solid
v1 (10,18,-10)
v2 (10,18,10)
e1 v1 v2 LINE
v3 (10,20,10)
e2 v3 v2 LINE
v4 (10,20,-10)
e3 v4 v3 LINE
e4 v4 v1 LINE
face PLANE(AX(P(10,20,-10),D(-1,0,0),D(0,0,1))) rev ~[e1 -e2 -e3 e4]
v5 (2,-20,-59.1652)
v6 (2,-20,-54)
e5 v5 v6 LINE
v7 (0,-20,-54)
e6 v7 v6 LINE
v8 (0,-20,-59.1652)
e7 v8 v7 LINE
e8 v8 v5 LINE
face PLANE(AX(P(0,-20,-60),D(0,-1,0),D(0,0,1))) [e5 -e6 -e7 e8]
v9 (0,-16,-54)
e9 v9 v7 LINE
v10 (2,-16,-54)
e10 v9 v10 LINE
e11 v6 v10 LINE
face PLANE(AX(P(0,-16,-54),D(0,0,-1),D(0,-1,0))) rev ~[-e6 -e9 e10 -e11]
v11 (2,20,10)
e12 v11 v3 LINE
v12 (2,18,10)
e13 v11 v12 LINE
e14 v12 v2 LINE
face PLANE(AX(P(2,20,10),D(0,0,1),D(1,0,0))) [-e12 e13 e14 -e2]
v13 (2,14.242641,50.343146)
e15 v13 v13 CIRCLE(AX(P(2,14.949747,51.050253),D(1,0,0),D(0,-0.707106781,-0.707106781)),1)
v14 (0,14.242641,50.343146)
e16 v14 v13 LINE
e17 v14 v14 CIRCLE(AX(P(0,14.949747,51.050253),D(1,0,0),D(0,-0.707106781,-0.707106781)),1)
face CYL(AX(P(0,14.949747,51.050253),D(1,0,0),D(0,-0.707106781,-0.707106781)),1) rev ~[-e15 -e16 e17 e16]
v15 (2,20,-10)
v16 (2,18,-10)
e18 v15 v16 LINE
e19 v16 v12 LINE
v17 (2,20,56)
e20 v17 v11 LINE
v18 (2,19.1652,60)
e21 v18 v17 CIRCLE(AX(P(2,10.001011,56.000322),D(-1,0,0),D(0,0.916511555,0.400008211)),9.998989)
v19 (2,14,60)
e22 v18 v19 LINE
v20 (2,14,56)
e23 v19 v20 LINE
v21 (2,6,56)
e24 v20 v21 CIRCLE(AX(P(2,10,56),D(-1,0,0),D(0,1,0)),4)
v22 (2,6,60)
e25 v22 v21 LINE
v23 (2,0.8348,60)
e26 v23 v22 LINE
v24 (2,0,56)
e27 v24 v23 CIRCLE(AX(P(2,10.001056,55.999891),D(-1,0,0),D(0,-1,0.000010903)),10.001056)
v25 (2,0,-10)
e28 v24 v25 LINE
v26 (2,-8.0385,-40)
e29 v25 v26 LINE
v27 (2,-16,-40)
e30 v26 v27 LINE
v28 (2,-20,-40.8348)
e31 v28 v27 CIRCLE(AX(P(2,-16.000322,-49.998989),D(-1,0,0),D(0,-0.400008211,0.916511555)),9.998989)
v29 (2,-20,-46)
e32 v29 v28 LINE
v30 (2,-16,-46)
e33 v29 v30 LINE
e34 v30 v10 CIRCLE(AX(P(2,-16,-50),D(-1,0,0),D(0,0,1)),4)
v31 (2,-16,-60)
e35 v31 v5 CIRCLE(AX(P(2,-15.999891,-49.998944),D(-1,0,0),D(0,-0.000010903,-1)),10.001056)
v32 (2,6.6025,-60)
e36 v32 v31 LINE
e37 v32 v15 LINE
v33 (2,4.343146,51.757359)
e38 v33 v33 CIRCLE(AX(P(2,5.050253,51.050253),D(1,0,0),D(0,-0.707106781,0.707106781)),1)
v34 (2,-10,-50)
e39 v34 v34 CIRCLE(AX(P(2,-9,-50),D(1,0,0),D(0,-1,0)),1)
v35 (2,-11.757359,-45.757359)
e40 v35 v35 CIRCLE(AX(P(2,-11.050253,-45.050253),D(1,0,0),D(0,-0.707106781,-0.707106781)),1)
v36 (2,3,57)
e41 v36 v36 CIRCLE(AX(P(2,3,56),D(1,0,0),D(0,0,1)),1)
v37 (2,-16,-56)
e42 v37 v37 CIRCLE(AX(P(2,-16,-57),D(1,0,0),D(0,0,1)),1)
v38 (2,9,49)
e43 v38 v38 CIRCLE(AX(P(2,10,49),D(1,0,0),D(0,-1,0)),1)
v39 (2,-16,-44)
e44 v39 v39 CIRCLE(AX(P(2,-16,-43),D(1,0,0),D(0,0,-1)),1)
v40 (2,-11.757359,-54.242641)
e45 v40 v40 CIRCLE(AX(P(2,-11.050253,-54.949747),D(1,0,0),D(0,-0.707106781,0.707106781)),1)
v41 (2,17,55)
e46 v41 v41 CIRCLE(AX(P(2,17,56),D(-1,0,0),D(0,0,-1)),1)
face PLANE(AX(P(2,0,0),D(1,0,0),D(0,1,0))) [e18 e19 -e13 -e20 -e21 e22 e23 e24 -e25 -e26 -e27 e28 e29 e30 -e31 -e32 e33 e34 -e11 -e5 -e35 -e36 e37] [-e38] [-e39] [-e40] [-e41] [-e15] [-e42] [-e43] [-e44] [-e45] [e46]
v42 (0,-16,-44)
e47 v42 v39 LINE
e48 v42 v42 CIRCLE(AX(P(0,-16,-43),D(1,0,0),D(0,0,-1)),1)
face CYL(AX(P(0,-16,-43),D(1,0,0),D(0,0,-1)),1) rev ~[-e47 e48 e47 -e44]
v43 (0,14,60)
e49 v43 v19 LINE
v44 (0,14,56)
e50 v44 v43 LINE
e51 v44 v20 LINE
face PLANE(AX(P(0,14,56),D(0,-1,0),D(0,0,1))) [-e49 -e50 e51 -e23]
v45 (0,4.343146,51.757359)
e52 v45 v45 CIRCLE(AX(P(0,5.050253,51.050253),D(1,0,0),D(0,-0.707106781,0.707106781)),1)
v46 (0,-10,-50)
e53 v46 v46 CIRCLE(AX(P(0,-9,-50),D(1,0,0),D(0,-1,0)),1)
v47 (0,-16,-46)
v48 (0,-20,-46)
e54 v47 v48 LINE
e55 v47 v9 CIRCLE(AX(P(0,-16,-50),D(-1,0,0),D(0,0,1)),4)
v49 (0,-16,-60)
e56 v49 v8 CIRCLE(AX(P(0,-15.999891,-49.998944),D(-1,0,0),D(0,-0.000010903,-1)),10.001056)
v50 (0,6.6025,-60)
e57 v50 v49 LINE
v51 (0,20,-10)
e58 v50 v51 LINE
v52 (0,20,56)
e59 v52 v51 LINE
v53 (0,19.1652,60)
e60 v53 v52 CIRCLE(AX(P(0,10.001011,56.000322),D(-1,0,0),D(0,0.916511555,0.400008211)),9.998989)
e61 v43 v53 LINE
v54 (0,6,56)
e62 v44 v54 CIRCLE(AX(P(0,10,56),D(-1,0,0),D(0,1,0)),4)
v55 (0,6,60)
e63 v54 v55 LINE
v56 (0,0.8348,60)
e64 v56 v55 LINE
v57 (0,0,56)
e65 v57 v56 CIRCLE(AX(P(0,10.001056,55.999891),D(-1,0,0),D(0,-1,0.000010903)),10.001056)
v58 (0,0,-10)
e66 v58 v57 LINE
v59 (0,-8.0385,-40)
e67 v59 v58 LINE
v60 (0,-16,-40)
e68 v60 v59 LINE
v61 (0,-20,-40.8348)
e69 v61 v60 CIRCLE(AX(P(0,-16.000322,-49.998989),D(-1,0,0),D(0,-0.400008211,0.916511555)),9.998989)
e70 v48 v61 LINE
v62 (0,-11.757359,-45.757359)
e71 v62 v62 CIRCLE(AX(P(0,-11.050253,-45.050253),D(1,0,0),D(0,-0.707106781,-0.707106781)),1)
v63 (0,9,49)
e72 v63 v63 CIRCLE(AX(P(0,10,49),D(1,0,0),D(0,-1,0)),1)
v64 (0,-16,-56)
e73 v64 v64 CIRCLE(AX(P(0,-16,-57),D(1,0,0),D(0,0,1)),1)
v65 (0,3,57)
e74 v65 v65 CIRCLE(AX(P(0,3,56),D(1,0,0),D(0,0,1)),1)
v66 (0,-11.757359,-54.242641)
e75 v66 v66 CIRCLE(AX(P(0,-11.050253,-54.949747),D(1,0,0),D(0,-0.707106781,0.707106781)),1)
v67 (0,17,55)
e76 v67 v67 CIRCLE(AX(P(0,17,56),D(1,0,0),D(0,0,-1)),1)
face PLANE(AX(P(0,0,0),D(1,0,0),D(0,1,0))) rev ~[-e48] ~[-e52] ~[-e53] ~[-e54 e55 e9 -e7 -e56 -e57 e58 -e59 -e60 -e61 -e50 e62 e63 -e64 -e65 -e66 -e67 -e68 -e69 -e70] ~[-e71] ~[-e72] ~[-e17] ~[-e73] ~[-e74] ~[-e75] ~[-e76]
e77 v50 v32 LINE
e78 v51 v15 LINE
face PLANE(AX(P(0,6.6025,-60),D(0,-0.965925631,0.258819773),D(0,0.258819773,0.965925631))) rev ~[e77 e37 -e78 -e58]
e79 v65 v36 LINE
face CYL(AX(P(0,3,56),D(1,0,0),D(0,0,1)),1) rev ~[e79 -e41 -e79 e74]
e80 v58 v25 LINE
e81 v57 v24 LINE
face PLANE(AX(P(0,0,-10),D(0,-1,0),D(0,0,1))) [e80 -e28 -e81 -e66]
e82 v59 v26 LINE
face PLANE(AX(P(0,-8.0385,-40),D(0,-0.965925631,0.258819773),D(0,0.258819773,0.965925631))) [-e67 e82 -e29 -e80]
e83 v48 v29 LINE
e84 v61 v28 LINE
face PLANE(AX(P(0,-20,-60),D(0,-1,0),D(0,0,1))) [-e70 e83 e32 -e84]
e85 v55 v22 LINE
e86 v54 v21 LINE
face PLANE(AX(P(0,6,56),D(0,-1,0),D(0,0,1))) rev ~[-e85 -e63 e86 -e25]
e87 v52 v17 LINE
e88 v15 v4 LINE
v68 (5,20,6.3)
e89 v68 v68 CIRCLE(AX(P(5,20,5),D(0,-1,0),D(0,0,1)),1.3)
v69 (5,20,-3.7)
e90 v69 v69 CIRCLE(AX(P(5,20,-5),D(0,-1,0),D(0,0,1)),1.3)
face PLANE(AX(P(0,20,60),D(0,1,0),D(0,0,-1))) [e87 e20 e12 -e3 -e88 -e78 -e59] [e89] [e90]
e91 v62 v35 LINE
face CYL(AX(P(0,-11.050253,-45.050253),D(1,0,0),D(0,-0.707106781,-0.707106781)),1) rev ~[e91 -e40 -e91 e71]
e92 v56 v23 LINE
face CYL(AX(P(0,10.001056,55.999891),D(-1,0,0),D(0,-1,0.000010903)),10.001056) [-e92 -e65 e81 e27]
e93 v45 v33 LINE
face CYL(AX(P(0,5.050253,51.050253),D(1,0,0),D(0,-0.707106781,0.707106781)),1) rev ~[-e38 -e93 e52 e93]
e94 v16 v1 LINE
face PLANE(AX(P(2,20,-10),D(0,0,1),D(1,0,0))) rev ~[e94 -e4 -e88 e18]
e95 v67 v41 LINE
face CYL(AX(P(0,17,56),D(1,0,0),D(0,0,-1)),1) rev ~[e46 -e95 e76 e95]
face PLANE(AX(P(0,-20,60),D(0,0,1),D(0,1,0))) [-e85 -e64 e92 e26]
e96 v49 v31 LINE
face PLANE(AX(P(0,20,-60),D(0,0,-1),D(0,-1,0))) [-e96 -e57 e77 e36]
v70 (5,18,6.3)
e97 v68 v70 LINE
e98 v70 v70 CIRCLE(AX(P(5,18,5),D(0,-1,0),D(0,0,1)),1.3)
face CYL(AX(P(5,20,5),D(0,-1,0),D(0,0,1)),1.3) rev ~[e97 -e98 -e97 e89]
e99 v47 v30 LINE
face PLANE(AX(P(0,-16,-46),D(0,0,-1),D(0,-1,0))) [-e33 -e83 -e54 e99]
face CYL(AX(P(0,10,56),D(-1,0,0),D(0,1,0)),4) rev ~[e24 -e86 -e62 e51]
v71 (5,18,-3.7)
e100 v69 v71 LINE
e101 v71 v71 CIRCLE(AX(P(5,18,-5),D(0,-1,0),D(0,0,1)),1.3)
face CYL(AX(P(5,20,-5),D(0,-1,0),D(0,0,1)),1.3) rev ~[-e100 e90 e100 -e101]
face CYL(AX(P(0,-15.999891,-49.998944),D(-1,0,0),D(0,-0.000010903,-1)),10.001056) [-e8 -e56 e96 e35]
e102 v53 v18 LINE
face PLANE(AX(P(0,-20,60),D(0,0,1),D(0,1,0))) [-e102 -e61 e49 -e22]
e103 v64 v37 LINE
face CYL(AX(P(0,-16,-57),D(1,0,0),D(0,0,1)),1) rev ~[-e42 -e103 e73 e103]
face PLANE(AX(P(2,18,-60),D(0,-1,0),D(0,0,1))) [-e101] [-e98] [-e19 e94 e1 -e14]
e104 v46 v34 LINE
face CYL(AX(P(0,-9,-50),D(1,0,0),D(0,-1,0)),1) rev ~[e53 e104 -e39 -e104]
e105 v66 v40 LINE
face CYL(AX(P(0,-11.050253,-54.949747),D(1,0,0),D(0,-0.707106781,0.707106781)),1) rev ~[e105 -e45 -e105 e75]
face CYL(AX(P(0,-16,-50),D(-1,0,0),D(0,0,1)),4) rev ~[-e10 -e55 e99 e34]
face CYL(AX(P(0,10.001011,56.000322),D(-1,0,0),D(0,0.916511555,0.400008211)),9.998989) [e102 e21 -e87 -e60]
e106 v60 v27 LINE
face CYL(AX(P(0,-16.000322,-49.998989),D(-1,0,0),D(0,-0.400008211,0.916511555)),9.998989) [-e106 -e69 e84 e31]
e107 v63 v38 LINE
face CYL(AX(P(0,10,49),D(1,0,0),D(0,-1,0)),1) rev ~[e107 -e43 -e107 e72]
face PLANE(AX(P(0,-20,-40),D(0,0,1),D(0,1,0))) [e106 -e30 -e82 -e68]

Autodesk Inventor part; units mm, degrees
ref_plane "YZ Plane" through (0, 0, 0) normal (1, 0, 0) x (0, 1, 0)
ref_plane "XZ Plane" through (0, 0, 0) normal (0, 1, 0) x (-1, 0, 0)
ref_plane "XY Plane" through (0, 0, 0) normal (0, 0, 1) x (1, 0, 0)
sketch "スケッチ1" plane through (0, 0, 0) normal (1, 0, 0) x (0, 1, 0)
  line L0 (-20, 60) -> (20, 60)
  line L1 (20, 60) -> (20, -60)
  line L2 (20, -60) -> (-20, -60)
  line L3 (-20, -60) -> (-20, 60)
  point P0 (0, 0)
  dimension "d0" = 120
  dimension "d2" = 40
  dimension "d3" = 20
  dimension "d4" = 60
extrude "押し出し1" add sketch "スケッチ1" along normal blind 2
sketch "スケッチ2" plane through (2, 0, 0) normal (1, 0, 0) x (0, 0, -1)
  line L0 (60, -20) -> (60, 20) projected
  line L1 (60, 20) -> (-60, 20) projected
  line L2 (-60, 20) -> (60, 20)
  line L3 (60, 20) -> (60, 18)
  line L4 (60, 18) -> (-60, 18)
  line L5 (-60, 18) -> (-60, 20)
  point P0 (0, 0)
  dimension "d7" = 2
extrude "押し出し2" add sketch "スケッチ2" along normal blind 20
sketch "スケッチ3" plane through (0, 0, 0) normal (-1, 0, 0) x (0, 0, 1)
  line L0 (60, -20) -> (60, 20) projected
  line L1 (60, 20) -> (-60, 20) projected
  line L2 (-60, 20) -> (-60, -20) projected
  line L3 (-60, -20) -> (60, -20) projected
  line L4 (-40, -20) -> (-40, -8.0385)
  line L5 (-40, -8.0385) -> (-10, 0)
  line L6 (-10, 0) -> (60, 0)
  line L7 (60, 0) -> (60, 20)
  line L8 (-60, 6.6025) -> (-10, 20)
  point P0 (0, 0)
  dimension "d11" = 20
  dimension "d12" = 15
  dimension "d13" = 15
  dimension "d14" = 20
  dimension "d15" = 120
  dimension "d17" = 70
  dimension "d18" = 70
extrude "押し出し3" cut sketch "スケッチ3" against normal blind 20 contours L6 L5 L4 L3 L2 L8 L1 L0 keep common part
sketch "スケッチ6" plane through (0, 0, 0) normal (-1, 0, 0) x (0, 0, 1)
  line L0 (-40, -8.0385) -> (-40, -20) projected
  line L1 (-10, 0) -> (-40, -8.0385) projected
  line L2 (60, 0) -> (-10, 0) projected
  line L3 (60, 0) -> (60, 20) projected
  line L4 (60, 20) -> (-10, 20) projected
  line L5 (-60, 6.6025) -> (-10, 20) projected
  line L6 (-60, 6.6025) -> (-60, -20) projected
  line L7 (-60, -20) -> (-40, -20) projected
  arc A0 (-46, -16) -> (-54, -16) centre (-50, -16) ccw
  arc A1 (56, 14) -> (56, 6) centre (56, 10) ccw
  line L8 (-54, -16) -> (-54, -20)
  line L9 (-46, -16) -> (-46, -20)
  line L10 (56, 14) -> (60, 14)
  line L11 (56, 6) -> (60, 6)
  arc A2 (-40.8348, -20) -> (-40, -16) centre (-50, -16) ccw
  arc A3 (-60, -16) -> (-59.1652, -20) centre (-50, -16) ccw
  arc A4 (56, 0) -> (60, 0.8348) centre (56, 10) ccw
  arc A5 (60, 19.1652) -> (56, 20) centre (56, 10) ccw
  point P0 (0, 0)
  dimension "d37" = 8
  dimension "d39" = 8
  dimension "d40" = 4
  dimension "d41" = 4
  dimension "d42" = 10
  dimension "d43" = 10
extrude "押し出し6" cut sketch "スケッチ6" against normal blind 11 contours L0 A2 L7 L9 A0 L8 A3 L6 L5 L4 A5 L3 L10 A1 L11 A4 L2 L1 keep common part
sketch "スケッチ7" plane through (0, 0, 0) normal (-1, 0, 0) x (0, 0, 1)
  arc A0 (60, 19.1652) -> (56, 20) centre (56, 10) ccw projected
  arc A1 (-60, -16) -> (-59.1652, -20) centre (-50, -16) ccw projected
  line L0 (-59.1652, -20) -> (-54, -20) projected
  line L1 (60, 0.8348) -> (60, 6) projected
  circle A2 centre (56, 3) radius 1
  circle A3 centre (-57, -16) radius 1
  point P0 (0, 0)
  dimension "d46" = 2
  dimension "d48" = 7
  dimension "d49" = 4
  dimension "d50" = 4
  dimension "d51" = 7
hole "穴1" at (0, -16, -57) at (0, 3, 56) direction (1, 0, 0) diameter 2 end through all
pattern_circular "円形状パターン1" count 5 over 180 about axis through (0, -16, -50) along (1, 0, 0) of "穴1"
pattern_circular "円形状パターン2" count 5 over 180 about axis through (0, 10, 56) along (1, 0, 0) of "穴1"
sketch "スケッチ4" plane through (0, 20, -10) normal (0, 1, 0) x (1, 0, 0)
  line L0 (0, 0) -> (20, 0) projected
  line L1 (0, -70) -> (0, 0) projected
  line L2 (20, 0) -> (2, 0)
  line L3 (2, 0) -> (2, 8)
  line L4 (2, 8) -> (20, 8)
  line L5 (20, 8) -> (20, 0)
  line L6 (20, -70) -> (11, -70)
  line L7 (11, -70) -> (11, 0)
  line L8 (11, 0) -> (20, 0)
  line L9 (20, 0) -> (20, -70)
  line L10 (11, -70) -> (2, -70)
  line L11 (2, -70) -> (2, -20)
  line L12 (2, -20) -> (11, -20)
  line L13 (11, -20) -> (11, -70)
  line L14 (11, 0) -> (10, 0)
  line L15 (10, 0) -> (10, -20)
  line L16 (10, -20) -> (11, -20)
  line L17 (11, -20) -> (11, 0)
  point P0 (0, -10)
  dimension "d21" = 18
  dimension "d23" = 2
  dimension "d24" = 20
  dimension "d25" = 8
  dimension "d65" = 1
extrude "押し出し7" cut sketch "スケッチ4" against normal blind 2
sketch "スケッチ8" plane through (0, 20, 56) normal (0, 1, 0) x (1, 0, 0)
  line L0 (10, 46) -> (10, 66) projected
  line L1 (2, 66) -> (10, 66) projected
  circle A0 centre (5, 61) radius 1.3
  circle A1 centre (5, 51) radius 1.3
  point P0 (0, 56)
  dimension "d68" = 10
  dimension "d70" = 5
  dimension "d71" = 5
  dimension "d72" = 5
  dimension "d73" = 2.6
hole "穴2" at (5, 20, 5) at (5, 20, -5) direction (0, -1, 0) diameter 2.6 end through all
thread "ねじ3" size "M2.6x0.45" class "6H" standard "ANSI Metric M Profile" full length
thread "ねじ4" size "M2.6x0.45" class "6H" standard "ANSI Metric M Profile" full length
properties part number "6"
